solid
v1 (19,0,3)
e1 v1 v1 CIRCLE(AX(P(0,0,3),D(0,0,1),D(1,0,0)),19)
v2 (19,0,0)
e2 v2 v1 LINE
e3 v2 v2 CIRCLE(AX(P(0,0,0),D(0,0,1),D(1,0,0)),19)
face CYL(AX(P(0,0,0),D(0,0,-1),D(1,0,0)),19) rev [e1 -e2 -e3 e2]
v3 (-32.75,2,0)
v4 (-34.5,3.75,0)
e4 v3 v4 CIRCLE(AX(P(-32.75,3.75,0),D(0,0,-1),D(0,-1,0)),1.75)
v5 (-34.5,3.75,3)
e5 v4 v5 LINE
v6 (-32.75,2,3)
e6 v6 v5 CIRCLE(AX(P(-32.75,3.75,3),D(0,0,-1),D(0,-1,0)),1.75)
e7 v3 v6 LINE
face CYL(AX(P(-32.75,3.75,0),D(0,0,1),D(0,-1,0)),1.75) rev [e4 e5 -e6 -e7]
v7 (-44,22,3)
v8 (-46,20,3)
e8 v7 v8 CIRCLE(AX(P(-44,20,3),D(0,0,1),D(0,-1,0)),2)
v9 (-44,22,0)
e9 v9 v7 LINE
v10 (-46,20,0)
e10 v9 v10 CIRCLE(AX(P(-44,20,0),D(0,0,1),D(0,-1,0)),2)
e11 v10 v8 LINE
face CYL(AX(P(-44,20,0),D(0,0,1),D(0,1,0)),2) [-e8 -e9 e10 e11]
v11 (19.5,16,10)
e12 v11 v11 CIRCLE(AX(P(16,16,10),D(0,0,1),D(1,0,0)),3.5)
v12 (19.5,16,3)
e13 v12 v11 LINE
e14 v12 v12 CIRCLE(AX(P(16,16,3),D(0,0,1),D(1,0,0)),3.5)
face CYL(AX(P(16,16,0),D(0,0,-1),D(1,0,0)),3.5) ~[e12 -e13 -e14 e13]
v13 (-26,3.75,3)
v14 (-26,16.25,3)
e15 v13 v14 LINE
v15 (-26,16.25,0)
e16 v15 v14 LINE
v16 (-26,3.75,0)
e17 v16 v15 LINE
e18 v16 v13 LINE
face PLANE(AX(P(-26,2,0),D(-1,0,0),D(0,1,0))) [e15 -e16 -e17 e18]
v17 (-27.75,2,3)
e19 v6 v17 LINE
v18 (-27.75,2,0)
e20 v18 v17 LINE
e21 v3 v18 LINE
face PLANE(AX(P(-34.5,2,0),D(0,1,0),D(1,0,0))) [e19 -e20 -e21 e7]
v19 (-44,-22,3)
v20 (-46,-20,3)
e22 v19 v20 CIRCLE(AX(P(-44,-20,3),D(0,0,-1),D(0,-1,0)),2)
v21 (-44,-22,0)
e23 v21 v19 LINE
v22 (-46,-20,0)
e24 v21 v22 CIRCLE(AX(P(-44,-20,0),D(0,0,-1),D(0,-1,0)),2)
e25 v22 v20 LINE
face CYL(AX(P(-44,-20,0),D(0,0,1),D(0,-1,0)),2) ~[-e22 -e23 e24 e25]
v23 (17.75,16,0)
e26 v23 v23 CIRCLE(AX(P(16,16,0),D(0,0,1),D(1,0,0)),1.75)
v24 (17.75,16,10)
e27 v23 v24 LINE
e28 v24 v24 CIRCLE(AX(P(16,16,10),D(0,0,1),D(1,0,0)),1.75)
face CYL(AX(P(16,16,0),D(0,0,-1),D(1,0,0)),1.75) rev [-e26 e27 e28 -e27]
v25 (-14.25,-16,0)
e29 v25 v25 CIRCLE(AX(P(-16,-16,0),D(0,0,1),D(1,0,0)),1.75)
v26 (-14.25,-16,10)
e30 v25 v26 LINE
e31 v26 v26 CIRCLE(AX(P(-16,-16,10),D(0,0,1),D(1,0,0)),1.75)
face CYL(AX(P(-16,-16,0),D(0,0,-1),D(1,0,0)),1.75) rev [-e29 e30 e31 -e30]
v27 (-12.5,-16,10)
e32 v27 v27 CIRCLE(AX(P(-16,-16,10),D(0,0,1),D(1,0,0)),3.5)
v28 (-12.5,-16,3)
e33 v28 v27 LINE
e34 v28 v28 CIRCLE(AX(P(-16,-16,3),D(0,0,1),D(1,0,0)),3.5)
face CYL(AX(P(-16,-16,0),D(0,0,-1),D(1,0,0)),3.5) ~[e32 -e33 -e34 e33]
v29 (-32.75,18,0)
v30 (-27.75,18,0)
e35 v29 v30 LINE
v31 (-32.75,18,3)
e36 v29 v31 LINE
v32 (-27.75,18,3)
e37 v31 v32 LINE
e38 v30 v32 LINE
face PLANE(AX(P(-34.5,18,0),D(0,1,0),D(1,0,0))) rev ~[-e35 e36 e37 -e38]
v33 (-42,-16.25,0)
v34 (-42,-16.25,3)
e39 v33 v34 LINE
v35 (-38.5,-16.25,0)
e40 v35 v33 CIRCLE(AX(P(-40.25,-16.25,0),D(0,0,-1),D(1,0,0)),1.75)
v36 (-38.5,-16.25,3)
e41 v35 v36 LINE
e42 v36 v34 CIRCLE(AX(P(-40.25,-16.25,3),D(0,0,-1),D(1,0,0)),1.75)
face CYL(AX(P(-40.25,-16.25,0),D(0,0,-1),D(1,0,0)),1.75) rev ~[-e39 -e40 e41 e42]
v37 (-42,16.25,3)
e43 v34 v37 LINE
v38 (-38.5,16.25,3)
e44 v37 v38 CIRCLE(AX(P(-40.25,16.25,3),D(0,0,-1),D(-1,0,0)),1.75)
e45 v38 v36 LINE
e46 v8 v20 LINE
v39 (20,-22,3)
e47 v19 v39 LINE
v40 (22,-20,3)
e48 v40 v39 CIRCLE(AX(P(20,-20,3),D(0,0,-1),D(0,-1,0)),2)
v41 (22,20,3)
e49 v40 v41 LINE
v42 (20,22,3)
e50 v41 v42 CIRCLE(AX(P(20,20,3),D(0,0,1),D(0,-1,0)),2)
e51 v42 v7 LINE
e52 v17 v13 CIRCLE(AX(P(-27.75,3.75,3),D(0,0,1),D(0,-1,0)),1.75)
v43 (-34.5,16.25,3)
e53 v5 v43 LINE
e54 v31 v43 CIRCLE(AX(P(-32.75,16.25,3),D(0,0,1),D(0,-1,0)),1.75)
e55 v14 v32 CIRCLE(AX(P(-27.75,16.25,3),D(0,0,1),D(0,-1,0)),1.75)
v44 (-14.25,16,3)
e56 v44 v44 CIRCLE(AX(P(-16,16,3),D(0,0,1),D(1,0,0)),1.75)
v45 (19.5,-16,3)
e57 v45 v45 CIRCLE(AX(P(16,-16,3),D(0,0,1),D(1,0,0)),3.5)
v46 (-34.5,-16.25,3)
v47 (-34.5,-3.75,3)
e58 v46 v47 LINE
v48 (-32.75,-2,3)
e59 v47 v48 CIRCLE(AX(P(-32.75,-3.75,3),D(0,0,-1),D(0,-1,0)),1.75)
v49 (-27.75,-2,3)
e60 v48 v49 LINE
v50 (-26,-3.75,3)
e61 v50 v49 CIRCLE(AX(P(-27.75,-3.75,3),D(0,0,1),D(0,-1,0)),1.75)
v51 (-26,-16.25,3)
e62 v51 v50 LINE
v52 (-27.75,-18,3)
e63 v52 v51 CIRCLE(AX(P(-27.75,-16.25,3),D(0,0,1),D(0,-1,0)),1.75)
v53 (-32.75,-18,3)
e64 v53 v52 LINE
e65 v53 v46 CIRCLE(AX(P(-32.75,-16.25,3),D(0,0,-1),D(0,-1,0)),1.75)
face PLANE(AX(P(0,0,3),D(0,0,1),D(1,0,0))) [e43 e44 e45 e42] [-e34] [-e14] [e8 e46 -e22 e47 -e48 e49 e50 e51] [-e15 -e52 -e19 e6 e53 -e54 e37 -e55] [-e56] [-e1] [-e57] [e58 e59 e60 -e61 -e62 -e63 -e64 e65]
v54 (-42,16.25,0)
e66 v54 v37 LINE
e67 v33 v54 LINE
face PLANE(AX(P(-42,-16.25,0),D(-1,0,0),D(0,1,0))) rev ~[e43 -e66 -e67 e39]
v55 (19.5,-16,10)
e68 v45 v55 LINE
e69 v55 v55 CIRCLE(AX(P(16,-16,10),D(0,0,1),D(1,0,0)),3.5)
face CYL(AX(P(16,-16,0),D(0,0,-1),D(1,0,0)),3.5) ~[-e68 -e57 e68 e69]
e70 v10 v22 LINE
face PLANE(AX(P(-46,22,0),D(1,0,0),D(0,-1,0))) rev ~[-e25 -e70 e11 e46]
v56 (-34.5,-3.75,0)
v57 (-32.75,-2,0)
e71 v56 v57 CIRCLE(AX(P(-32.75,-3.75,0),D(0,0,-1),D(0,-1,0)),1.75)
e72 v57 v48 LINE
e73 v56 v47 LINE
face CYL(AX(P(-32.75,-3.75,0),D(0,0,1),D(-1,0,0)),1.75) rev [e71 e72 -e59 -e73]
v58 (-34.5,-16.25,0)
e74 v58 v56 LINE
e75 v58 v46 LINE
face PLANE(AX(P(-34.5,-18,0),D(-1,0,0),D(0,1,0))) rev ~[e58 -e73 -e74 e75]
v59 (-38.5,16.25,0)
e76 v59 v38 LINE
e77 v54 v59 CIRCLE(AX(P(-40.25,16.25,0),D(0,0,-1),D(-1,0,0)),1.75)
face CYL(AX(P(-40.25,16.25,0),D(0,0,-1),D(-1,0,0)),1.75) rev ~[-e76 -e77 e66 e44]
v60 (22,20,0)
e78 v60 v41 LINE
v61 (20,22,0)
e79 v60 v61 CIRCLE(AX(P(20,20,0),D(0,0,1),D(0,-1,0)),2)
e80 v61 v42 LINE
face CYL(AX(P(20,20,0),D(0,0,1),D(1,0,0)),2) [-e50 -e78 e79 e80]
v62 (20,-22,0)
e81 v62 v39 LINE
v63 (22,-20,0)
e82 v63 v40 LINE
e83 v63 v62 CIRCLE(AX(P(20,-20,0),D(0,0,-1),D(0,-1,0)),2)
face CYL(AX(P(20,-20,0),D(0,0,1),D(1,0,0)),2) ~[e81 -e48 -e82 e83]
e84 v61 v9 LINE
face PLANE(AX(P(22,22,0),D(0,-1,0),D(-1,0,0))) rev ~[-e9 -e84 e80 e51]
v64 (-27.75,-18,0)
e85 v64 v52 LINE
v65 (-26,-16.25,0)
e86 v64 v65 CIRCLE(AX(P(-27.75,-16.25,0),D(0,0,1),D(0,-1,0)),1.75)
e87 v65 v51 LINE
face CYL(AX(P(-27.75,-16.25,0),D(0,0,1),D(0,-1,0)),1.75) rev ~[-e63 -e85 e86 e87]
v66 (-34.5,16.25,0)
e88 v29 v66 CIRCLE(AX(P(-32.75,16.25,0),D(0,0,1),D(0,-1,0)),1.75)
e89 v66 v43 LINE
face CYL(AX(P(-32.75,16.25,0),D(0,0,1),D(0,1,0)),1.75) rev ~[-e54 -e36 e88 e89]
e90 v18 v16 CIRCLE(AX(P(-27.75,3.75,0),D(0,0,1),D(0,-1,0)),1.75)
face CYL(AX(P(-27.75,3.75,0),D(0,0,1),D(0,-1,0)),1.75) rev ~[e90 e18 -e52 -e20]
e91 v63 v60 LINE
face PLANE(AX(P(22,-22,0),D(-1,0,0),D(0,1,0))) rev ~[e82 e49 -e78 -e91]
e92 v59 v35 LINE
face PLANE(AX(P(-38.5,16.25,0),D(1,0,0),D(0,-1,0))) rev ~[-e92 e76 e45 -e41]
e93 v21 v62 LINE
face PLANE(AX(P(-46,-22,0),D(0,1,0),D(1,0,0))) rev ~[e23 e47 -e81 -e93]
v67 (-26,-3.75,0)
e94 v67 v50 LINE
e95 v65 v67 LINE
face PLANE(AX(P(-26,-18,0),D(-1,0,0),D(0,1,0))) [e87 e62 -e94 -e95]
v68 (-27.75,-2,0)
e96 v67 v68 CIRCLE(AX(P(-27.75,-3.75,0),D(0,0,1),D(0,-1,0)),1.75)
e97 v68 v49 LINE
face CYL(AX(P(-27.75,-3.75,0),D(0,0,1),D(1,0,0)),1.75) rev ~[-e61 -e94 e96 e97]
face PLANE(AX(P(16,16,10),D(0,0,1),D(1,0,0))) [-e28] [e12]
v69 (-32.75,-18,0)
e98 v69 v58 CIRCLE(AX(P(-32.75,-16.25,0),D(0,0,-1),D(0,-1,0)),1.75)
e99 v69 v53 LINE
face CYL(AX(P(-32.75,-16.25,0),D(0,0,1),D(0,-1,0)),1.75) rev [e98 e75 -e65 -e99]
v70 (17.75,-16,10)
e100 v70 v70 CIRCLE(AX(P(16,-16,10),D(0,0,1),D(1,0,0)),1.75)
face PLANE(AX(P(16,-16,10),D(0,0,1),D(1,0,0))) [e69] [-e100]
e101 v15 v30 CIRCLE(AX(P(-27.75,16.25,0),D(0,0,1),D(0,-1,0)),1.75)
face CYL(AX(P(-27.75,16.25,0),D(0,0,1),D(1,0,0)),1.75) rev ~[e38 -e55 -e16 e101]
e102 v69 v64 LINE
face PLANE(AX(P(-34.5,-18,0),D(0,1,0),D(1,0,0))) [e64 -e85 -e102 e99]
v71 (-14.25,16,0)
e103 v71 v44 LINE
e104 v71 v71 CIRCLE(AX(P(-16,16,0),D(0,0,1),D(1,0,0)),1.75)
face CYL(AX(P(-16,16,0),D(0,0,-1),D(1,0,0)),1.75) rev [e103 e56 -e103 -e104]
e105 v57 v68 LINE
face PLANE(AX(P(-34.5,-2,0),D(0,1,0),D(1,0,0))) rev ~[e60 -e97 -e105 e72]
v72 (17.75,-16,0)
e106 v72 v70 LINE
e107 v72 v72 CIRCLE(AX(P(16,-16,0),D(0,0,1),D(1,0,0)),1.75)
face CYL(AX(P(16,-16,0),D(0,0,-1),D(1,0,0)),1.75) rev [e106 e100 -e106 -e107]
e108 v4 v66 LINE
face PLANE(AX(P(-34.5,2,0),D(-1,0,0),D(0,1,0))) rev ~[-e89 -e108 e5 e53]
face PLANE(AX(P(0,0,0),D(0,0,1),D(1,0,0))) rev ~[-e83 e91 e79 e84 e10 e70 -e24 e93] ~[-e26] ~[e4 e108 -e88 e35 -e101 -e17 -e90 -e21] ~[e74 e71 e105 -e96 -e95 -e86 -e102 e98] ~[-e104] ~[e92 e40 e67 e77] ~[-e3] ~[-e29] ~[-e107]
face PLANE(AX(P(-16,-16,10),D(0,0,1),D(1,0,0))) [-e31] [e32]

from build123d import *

# Parameters (mm, degrees)
F0_W     = 44
F0_H     = 44
F0_R     = 3.5
F0_R_2   = 1.75
F0_R_3   = 19
F0_W_2   = 8.5
F0_H_2   = 16
F1_DEPTH = 3
F2_DEPTH = 10
F3_R     = 1.75
F4_R     = 2


with BuildPart() as f1:
    # F0 (on Top) → F1 (new body)
    with BuildSketch(Plane.XY):
        Rectangle(F0_W, F0_H)
        with Locations((-16, -16)):
            Circle(F0_R, mode=Mode.SUBTRACT)
        with Locations((16, -16)):
            Circle(F0_R, mode=Mode.SUBTRACT)
        with Locations((-16, 16)):
            Circle(F0_R_2, mode=Mode.SUBTRACT)
        Circle(F0_R_3, mode=Mode.SUBTRACT)
        with Locations((16, 16)):
            Circle(F0_R, mode=Mode.SUBTRACT)
        Polygon((-22, -22), (-22, 22), (-42, 22), (-46, 22), (-46, -22), align=None)
        with Locations((-30.25, -10)):
            Rectangle(F0_W_2, F0_H_2, mode=Mode.SUBTRACT)
        with BuildLine():
            ThreePointArc((-42, 16.25), (-40.25, 18), (-38.5, 16.25))
            Line((-38.5, 16.25), (-38.5, -16.25))
            ThreePointArc((-38.5, -16.25), (-40.25, -18), (-42, -16.25))
            Line((-42, -16.25), (-42, 16.25))
        make_face(mode=Mode.SUBTRACT)
        with Locations((-30.25, 10)):
            Rectangle(F0_W_2, F0_H_2, mode=Mode.SUBTRACT)
    extrude(amount=F1_DEPTH)

    # F0 (on Top) → F2 (join)
    with BuildSketch(Plane.XY):
        with Locations((16, 16)):
            Circle(F0_R)
        with Locations((16, 16)):
            Circle(F0_R_2, mode=Mode.SUBTRACT)
        with Locations((16, -16)):
            Circle(F0_R)
        with Locations((16, -16)):
            Circle(F0_R_2, mode=Mode.SUBTRACT)
        with Locations((-16, -16)):
            Circle(F0_R)
        with Locations((-16, -16)):
            Circle(F0_R_2, mode=Mode.SUBTRACT)
    extrude(amount=F2_DEPTH)

    # F3
    f3_edges = [f1.edges().sort_by_distance(p)[0] for p in [
        (-34.5, 18, 1.5),
        (-26, 18, 1.5),
        (-34.5, 2, 1.5),
        (-26, 2, 1.5),
        (-34.5, -18, 1.5),
        (-26, -18, 1.5),
        (-34.5, -2, 1.5),
        (-26, -2, 1.5),
    ]]
    fillet(f3_edges, radius=F3_R)

    # F4
    f4_edges = [f1.edges().sort_by_distance(p)[0] for p in [
        (-46, 22, 1.5),
        (-46, -22, 1.5),
        (22, -22, 1.5),
        (22, 22, 1.5),
    ]]
    fillet(f4_edges, radius=F4_R)


solid = f1.part
